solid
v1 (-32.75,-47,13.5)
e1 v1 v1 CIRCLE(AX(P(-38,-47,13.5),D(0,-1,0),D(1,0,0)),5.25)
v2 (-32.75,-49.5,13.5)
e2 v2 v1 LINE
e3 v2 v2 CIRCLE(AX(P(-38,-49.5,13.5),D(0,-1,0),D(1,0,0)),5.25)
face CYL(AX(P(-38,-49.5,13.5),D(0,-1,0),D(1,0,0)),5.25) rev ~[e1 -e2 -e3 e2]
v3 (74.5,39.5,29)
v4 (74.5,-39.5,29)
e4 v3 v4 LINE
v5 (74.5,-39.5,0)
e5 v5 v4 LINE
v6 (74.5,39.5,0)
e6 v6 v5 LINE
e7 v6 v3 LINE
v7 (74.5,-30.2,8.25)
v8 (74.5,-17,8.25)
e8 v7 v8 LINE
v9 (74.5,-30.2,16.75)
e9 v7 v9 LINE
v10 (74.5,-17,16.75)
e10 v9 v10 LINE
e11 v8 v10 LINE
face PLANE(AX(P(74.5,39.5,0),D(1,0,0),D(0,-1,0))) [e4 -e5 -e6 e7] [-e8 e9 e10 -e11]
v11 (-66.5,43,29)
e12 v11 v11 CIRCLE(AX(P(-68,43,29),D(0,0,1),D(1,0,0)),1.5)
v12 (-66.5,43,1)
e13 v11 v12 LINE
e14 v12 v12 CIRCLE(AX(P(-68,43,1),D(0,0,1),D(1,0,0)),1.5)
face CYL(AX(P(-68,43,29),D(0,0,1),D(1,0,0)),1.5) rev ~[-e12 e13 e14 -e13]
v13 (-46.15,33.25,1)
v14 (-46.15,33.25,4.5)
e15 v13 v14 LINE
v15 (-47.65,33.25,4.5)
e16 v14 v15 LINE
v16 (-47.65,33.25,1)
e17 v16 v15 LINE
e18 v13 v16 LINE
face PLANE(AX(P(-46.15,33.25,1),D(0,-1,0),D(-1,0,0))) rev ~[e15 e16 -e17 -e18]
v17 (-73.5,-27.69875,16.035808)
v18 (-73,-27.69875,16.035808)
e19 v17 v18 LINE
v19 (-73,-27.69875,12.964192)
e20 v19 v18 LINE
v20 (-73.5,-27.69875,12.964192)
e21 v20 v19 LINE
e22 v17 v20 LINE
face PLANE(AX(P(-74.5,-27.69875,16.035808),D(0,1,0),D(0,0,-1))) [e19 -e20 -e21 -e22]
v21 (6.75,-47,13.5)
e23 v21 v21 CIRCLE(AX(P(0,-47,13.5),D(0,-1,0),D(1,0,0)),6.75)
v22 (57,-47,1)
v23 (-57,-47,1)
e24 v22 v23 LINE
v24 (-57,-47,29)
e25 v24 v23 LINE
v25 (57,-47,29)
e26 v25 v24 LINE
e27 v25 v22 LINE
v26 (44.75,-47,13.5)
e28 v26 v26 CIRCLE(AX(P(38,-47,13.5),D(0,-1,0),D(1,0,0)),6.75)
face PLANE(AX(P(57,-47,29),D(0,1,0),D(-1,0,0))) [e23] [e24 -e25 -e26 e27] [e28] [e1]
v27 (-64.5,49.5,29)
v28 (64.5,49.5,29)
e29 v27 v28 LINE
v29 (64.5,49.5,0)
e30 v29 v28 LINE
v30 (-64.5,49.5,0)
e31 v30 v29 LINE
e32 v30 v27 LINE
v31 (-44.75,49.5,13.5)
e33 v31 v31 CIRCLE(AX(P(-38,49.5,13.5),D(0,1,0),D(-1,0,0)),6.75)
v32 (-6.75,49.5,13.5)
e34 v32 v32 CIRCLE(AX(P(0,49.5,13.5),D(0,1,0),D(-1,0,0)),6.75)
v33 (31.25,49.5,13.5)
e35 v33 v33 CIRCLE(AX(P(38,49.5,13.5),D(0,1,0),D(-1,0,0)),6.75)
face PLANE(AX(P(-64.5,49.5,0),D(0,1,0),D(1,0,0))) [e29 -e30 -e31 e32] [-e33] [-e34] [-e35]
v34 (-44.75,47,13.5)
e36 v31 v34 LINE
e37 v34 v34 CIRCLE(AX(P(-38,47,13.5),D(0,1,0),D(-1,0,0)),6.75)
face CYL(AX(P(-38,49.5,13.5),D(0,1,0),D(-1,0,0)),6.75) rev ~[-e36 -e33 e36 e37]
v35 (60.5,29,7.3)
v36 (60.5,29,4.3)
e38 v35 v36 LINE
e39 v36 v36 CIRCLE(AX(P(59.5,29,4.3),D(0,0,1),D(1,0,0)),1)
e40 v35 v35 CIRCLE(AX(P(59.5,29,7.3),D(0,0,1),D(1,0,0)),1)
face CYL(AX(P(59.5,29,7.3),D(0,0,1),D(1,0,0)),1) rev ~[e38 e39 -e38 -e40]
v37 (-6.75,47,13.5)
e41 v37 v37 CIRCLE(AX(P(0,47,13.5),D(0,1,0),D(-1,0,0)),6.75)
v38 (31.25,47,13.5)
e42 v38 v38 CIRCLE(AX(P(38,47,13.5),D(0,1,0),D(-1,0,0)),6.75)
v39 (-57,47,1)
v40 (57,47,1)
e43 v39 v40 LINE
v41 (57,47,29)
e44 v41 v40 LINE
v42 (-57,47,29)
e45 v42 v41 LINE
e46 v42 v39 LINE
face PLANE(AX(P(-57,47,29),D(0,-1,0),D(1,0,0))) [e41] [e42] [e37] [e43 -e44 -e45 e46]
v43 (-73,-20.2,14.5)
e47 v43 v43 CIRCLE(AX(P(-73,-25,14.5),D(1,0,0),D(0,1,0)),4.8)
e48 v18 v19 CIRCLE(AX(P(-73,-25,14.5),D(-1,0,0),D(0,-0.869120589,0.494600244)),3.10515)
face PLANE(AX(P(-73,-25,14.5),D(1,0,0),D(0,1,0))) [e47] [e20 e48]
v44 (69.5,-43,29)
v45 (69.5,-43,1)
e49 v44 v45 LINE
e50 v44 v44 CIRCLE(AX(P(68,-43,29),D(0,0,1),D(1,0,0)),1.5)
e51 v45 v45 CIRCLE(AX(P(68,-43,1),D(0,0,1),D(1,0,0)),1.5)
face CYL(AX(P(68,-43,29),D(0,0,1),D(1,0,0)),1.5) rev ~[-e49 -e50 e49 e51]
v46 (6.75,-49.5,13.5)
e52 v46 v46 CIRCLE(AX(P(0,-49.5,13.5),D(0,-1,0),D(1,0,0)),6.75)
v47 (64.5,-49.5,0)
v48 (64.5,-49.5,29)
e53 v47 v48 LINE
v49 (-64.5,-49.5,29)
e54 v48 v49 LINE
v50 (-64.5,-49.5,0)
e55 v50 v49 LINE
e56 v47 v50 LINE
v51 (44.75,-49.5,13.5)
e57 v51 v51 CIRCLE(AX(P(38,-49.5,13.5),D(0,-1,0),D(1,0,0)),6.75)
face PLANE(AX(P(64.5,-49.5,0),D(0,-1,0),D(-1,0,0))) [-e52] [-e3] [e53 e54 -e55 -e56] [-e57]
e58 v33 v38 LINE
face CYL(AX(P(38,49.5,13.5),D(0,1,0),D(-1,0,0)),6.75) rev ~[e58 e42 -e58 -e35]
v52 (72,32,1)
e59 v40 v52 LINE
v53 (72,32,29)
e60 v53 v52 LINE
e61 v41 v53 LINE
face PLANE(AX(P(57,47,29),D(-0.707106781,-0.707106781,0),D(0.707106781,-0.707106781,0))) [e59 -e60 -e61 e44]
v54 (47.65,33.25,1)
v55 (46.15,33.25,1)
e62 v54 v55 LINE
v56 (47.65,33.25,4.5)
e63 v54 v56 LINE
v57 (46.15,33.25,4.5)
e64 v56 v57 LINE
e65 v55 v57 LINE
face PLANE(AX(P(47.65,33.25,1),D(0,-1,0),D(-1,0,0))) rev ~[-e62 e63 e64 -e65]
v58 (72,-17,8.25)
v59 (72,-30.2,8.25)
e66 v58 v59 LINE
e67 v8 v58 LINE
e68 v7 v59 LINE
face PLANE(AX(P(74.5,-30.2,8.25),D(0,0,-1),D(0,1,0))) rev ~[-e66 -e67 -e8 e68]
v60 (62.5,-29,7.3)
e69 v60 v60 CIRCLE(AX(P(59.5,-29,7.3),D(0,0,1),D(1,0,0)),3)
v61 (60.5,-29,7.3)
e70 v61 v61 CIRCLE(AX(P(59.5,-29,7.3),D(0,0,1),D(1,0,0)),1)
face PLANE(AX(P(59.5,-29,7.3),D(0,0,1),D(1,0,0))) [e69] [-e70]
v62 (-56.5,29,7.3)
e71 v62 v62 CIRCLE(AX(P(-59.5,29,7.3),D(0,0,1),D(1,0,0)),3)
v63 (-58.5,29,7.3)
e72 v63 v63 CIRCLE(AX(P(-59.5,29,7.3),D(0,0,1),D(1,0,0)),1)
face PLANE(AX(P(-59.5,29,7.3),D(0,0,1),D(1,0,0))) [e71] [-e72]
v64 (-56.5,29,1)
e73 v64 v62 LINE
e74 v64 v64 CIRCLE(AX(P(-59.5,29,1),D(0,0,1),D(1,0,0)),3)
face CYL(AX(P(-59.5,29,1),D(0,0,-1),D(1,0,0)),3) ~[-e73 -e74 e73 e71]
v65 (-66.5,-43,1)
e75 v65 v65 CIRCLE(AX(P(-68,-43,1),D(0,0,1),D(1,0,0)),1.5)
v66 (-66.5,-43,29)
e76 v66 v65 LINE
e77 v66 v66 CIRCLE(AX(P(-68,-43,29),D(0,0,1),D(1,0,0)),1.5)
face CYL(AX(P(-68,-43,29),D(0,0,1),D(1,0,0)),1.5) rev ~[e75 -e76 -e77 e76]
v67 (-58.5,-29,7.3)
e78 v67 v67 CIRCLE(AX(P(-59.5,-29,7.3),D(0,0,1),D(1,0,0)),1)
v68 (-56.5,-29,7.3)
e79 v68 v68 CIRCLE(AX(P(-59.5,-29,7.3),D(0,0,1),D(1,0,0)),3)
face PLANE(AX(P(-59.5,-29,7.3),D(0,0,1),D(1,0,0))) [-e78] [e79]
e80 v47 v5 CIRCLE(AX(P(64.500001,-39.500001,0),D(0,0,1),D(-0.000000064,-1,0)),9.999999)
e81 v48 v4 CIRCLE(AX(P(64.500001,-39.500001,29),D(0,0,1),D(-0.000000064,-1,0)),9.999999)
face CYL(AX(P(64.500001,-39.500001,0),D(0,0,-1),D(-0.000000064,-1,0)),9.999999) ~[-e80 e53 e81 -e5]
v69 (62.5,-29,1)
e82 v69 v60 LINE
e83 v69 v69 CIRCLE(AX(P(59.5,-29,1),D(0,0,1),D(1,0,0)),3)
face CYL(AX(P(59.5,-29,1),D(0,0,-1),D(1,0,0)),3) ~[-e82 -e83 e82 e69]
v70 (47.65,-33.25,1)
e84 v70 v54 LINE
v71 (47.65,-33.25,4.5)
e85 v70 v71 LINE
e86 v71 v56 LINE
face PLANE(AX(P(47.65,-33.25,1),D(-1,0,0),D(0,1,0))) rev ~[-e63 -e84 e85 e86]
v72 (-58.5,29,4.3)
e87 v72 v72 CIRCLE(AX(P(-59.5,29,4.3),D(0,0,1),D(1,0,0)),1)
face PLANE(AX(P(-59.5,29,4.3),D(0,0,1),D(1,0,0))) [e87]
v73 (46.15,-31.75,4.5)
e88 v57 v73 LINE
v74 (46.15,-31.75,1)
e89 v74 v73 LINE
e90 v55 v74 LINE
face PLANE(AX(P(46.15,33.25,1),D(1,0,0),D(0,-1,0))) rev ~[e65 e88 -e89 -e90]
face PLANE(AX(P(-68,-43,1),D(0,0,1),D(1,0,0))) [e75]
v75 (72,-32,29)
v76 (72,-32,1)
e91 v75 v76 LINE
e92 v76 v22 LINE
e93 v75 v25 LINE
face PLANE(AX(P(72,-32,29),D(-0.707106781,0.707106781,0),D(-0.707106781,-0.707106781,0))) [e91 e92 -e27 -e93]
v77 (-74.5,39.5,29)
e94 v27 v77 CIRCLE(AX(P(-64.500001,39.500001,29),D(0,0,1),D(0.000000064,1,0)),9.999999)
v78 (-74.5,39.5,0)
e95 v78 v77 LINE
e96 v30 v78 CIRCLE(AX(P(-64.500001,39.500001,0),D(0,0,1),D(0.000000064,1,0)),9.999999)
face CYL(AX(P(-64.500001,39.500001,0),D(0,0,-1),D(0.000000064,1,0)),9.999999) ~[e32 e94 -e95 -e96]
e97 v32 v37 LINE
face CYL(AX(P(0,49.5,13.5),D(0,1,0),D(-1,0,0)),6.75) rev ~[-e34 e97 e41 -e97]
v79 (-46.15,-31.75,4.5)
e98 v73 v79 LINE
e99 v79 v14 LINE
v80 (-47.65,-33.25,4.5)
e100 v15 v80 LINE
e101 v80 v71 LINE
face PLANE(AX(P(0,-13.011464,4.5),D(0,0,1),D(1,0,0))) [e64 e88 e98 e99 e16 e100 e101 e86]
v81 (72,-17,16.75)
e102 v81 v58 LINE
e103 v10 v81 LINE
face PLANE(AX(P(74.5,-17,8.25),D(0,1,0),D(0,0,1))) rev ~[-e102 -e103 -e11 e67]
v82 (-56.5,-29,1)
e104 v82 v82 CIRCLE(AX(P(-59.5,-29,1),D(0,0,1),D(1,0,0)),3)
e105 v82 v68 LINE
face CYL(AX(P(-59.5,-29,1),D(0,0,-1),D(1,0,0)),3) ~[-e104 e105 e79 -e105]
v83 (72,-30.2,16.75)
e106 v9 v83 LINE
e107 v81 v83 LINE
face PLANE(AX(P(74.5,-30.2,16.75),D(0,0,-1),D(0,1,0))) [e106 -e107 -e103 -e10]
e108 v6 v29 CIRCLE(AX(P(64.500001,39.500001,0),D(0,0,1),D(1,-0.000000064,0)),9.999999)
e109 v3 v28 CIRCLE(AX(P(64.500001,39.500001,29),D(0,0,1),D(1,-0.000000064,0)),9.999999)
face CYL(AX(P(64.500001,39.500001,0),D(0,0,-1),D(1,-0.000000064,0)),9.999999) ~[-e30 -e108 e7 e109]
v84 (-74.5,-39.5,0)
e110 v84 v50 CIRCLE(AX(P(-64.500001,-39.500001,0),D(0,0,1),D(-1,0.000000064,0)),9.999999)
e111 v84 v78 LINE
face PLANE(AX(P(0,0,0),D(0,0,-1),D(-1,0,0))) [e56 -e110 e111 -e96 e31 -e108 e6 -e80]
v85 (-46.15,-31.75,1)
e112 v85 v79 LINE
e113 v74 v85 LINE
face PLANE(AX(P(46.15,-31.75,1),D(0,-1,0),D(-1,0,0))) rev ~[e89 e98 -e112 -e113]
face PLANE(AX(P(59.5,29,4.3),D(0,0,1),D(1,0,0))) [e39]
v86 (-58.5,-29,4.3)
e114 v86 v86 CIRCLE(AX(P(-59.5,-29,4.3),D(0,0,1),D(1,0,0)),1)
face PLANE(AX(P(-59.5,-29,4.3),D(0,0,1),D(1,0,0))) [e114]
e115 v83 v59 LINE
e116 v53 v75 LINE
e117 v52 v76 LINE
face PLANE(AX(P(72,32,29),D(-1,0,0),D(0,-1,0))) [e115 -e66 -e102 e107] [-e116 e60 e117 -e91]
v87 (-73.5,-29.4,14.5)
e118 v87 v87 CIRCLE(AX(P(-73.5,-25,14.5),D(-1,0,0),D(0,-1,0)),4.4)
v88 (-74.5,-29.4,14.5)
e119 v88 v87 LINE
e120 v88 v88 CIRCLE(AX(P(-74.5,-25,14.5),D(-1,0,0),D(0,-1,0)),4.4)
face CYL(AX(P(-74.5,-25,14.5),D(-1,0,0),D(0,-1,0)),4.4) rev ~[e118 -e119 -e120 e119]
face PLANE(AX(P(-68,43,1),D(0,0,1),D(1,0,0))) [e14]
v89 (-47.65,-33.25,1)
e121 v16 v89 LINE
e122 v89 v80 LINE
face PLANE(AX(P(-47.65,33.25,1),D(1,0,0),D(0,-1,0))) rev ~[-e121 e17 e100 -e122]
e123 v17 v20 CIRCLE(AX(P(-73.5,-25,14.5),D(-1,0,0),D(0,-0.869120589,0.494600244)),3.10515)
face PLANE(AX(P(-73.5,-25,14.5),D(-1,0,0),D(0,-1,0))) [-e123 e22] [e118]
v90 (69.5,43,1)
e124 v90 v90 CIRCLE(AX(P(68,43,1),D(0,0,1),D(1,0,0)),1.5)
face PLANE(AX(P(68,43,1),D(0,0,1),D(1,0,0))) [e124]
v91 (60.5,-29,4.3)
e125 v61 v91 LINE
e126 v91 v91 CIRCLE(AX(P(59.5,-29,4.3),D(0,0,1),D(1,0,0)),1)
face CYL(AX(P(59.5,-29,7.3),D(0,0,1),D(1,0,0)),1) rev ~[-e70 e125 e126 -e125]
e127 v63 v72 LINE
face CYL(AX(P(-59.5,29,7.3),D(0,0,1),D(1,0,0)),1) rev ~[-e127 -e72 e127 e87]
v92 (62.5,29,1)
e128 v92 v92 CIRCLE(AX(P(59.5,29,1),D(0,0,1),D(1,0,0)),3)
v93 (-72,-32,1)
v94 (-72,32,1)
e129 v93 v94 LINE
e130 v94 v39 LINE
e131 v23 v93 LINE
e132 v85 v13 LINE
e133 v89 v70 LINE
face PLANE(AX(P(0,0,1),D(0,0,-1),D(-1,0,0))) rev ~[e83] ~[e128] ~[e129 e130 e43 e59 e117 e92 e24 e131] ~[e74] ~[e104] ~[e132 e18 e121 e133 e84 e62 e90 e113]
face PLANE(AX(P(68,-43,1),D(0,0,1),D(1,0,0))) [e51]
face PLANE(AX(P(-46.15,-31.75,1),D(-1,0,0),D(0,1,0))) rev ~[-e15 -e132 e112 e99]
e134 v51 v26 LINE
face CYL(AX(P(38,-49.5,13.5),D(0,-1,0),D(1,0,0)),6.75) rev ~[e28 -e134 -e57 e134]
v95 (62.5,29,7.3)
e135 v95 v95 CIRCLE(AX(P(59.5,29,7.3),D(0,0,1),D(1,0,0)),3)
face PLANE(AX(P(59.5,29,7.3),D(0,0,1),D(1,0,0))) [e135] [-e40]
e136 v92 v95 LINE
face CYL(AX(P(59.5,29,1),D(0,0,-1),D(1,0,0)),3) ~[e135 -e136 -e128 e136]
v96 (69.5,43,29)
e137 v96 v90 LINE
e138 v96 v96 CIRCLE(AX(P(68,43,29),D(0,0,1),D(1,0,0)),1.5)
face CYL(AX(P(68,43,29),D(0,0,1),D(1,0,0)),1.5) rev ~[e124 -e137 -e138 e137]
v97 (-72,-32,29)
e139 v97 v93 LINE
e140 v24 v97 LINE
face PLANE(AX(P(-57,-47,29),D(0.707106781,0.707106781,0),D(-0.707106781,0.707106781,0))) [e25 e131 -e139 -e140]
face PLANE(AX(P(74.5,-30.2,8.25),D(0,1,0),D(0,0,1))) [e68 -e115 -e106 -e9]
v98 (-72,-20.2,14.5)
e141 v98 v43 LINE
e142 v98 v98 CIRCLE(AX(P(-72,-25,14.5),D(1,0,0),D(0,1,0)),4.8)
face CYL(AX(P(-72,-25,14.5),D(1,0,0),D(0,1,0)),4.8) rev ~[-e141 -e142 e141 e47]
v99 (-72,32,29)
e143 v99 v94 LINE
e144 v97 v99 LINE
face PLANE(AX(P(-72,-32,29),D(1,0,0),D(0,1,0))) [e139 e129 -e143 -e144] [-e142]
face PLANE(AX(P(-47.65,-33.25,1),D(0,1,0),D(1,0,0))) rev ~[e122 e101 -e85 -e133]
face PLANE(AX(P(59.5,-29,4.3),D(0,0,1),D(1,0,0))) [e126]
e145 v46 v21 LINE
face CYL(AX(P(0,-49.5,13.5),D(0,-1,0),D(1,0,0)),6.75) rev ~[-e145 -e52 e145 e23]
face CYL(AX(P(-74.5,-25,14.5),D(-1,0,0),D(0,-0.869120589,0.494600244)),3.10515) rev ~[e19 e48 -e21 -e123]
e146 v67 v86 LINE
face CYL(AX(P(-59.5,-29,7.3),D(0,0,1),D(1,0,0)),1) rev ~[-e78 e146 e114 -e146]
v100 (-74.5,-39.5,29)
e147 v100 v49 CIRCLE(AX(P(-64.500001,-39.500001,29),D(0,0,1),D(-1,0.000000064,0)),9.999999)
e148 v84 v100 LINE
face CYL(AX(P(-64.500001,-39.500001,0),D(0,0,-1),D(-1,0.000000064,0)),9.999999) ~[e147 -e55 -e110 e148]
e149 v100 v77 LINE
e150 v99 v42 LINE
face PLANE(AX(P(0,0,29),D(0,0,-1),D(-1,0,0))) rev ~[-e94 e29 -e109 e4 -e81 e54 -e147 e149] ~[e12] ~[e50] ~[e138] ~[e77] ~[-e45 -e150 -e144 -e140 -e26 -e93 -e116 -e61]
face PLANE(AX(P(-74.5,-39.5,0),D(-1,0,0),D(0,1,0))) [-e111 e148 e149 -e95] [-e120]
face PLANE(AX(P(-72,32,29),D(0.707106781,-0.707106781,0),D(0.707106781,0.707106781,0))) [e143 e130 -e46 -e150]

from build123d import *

# Parameters (mm, degrees)
PAD_DEPTH       = 29
SKETCH001_R     = 1.5
POCKET_DEPTH    = 28
SKETCH004_R     = 3
PAD001_DEPTH    = 6.3
SKETCH006_R     = 6.75
POCKET003_DEPTH = 5
SKETCH008_W     = 13.2
SKETCH008_H     = 8.5
POCKET005_DEPTH = 5
PAD002_DEPTH    = 3.5
SKETCH014_R     = 4.8
POCKET010_DEPTH = 1
SKETCH011_R     = 6.75
SKETCH011_R_2   = 5.25
POCKET011_DEPTH = 5
SKETCH015_R     = 4.4
POCKET012_DEPTH = 1
POCKET013_DEPTH = 5
SKETCH016_R     = 1
POCKET014_DEPTH = 3


with BuildPart() as part:
    # Sketch → Pad (new body)
    with BuildSketch(Plane.XY):
        with BuildLine():
            Line((-64.5, 49.5), (64.5, 49.5))
            ThreePointArc((74.5, 39.5), (71.571068, 46.571068), (64.5, 49.5))
            Line((74.5, 39.5), (74.5, -39.5))
            ThreePointArc((64.5, -49.5), (71.571068, -46.571068), (74.5, -39.5))
            Line((64.5, -49.5), (-64.5, -49.5))
            ThreePointArc((-74.5, -39.5), (-71.571068, -46.571068), (-64.5, -49.5))
            Line((-74.5, -39.5), (-74.5, 39.5))
            ThreePointArc((-64.5, 49.5), (-71.571068, 46.571068), (-74.5, 39.5))
        make_face()
    extrude(amount=PAD_DEPTH)

    # Sketch001 (on Face10 of Pad) → Pocket (cut)
    with BuildSketch(Plane.XY.offset(29)):
        with Locations((68, 43)):
            Circle(SKETCH001_R)
        with Locations((-68, 43)):
            Circle(SKETCH001_R)
        with Locations((68, -43)):
            Circle(SKETCH001_R)
        with Locations((-68, -43)):
            Circle(SKETCH001_R)
        Polygon((-57, 47), (57, 47), (72, 32), (72, -32), (57, -47), (-57, -47), (-72, -32), (-72, 32), align=None)
    extrude(amount=-POCKET_DEPTH, mode=Mode.SUBTRACT)

    # Sketch004 (on Face24 of Pocket) → Pad001 (join)
    with BuildSketch(Plane.XY.offset(1)):
        with Locations((-59.5, 29)):
            Circle(SKETCH004_R)
        with Locations((-59.5, -29)):
            Circle(SKETCH004_R)
        with Locations((59.5, -29)):
            Circle(SKETCH004_R)
        with Locations((59.5, 29)):
            Circle(SKETCH004_R)
    extrude(amount=PAD001_DEPTH)

    # Sketch006 (on Face7 of Pad001) → Pocket003 (cut)
    with BuildSketch(Plane(origin=(0, 49.5, 0), x_dir=(-1, 0, 0), z_dir=(0, 1, 0))):
        with Locations((-38, 13.5)):
            Circle(SKETCH006_R)
        with Locations((0, 13.5)):
            Circle(SKETCH006_R)
        with Locations((38, 13.5)):
            Circle(SKETCH006_R)
    extrude(amount=-POCKET003_DEPTH, mode=Mode.SUBTRACT)

    # Sketch008 (on Face9 of Pocket003) → Pocket005 (cut)
    with BuildSketch(Plane.YZ.offset(74.5)):
        with Locations((-23.6, 12.5)):
            Rectangle(SKETCH008_W, SKETCH008_H)
    extrude(amount=-POCKET005_DEPTH, mode=Mode.SUBTRACT)

    # Sketch010 → Pad002 (join)
    with BuildSketch(Plane.XY.offset(1)):
        Polygon((-47.65, 33.25), (-47.65, -33.25), (47.65, -33.25), (47.65, 33.25), (46.15, 33.25), (46.15, -31.75), (-46.15, -31.75), (-46.15, 33.25), align=None)
    extrude(amount=PAD002_DEPTH)

    # Sketch014 → Pocket010 (cut)
    with BuildSketch(Plane.YZ.offset(-72)):
        with Locations((-25, 14.5)):
            Circle(SKETCH014_R)
    extrude(amount=-POCKET010_DEPTH, mode=Mode.SUBTRACT)

    # Sketch011 → Pocket011 (cut)
    with BuildSketch(Plane.XZ.offset(49.5)):
        with Locations((0, 13.5)):
            Circle(SKETCH011_R)
        with Locations((38, 13.5)):
            Circle(SKETCH011_R)
        with Locations((-38, 13.5)):
            Circle(SKETCH011_R_2)
    extrude(amount=-POCKET011_DEPTH, mode=Mode.SUBTRACT)

    # Sketch015 → Pocket012 (cut)
    with BuildSketch(Plane(origin=(-74.5, 0, 0), x_dir=(0, -1, 0), z_dir=(-1, 0, 0))):
        with Locations((25, 14.5)):
            Circle(SKETCH015_R)
    extrude(amount=-POCKET012_DEPTH, mode=Mode.SUBTRACT)

    # Sketch012 → Pocket013 (cut)
    with BuildSketch(Plane(origin=(-74.5, 0, 0), x_dir=(0, -1, 0), z_dir=(-1, 0, 0))):
        with BuildLine():
            ThreePointArc((27.69875, 16.035808), (21.89485, 14.5), (27.69875, 12.964192))
            Line((27.69875, 16.035808), (27.69875, 12.964192))
        make_face()
    extrude(amount=-POCKET013_DEPTH, mode=Mode.SUBTRACT)

    # Sketch016 (on Face37 of Pocket013) → Pocket014 (cut)
    with BuildSketch(Plane.XY.offset(7.3)):
        with Locations((-59.5, 29)):
            Circle(SKETCH016_R)
        with Locations((-59.5, -29)):
            Circle(SKETCH016_R)
        with Locations((59.5, 29)):
            Circle(SKETCH016_R)
        with Locations((59.5, -29)):
            Circle(SKETCH016_R)
    extrude(amount=-POCKET014_DEPTH, mode=Mode.SUBTRACT)


solid = part.part
